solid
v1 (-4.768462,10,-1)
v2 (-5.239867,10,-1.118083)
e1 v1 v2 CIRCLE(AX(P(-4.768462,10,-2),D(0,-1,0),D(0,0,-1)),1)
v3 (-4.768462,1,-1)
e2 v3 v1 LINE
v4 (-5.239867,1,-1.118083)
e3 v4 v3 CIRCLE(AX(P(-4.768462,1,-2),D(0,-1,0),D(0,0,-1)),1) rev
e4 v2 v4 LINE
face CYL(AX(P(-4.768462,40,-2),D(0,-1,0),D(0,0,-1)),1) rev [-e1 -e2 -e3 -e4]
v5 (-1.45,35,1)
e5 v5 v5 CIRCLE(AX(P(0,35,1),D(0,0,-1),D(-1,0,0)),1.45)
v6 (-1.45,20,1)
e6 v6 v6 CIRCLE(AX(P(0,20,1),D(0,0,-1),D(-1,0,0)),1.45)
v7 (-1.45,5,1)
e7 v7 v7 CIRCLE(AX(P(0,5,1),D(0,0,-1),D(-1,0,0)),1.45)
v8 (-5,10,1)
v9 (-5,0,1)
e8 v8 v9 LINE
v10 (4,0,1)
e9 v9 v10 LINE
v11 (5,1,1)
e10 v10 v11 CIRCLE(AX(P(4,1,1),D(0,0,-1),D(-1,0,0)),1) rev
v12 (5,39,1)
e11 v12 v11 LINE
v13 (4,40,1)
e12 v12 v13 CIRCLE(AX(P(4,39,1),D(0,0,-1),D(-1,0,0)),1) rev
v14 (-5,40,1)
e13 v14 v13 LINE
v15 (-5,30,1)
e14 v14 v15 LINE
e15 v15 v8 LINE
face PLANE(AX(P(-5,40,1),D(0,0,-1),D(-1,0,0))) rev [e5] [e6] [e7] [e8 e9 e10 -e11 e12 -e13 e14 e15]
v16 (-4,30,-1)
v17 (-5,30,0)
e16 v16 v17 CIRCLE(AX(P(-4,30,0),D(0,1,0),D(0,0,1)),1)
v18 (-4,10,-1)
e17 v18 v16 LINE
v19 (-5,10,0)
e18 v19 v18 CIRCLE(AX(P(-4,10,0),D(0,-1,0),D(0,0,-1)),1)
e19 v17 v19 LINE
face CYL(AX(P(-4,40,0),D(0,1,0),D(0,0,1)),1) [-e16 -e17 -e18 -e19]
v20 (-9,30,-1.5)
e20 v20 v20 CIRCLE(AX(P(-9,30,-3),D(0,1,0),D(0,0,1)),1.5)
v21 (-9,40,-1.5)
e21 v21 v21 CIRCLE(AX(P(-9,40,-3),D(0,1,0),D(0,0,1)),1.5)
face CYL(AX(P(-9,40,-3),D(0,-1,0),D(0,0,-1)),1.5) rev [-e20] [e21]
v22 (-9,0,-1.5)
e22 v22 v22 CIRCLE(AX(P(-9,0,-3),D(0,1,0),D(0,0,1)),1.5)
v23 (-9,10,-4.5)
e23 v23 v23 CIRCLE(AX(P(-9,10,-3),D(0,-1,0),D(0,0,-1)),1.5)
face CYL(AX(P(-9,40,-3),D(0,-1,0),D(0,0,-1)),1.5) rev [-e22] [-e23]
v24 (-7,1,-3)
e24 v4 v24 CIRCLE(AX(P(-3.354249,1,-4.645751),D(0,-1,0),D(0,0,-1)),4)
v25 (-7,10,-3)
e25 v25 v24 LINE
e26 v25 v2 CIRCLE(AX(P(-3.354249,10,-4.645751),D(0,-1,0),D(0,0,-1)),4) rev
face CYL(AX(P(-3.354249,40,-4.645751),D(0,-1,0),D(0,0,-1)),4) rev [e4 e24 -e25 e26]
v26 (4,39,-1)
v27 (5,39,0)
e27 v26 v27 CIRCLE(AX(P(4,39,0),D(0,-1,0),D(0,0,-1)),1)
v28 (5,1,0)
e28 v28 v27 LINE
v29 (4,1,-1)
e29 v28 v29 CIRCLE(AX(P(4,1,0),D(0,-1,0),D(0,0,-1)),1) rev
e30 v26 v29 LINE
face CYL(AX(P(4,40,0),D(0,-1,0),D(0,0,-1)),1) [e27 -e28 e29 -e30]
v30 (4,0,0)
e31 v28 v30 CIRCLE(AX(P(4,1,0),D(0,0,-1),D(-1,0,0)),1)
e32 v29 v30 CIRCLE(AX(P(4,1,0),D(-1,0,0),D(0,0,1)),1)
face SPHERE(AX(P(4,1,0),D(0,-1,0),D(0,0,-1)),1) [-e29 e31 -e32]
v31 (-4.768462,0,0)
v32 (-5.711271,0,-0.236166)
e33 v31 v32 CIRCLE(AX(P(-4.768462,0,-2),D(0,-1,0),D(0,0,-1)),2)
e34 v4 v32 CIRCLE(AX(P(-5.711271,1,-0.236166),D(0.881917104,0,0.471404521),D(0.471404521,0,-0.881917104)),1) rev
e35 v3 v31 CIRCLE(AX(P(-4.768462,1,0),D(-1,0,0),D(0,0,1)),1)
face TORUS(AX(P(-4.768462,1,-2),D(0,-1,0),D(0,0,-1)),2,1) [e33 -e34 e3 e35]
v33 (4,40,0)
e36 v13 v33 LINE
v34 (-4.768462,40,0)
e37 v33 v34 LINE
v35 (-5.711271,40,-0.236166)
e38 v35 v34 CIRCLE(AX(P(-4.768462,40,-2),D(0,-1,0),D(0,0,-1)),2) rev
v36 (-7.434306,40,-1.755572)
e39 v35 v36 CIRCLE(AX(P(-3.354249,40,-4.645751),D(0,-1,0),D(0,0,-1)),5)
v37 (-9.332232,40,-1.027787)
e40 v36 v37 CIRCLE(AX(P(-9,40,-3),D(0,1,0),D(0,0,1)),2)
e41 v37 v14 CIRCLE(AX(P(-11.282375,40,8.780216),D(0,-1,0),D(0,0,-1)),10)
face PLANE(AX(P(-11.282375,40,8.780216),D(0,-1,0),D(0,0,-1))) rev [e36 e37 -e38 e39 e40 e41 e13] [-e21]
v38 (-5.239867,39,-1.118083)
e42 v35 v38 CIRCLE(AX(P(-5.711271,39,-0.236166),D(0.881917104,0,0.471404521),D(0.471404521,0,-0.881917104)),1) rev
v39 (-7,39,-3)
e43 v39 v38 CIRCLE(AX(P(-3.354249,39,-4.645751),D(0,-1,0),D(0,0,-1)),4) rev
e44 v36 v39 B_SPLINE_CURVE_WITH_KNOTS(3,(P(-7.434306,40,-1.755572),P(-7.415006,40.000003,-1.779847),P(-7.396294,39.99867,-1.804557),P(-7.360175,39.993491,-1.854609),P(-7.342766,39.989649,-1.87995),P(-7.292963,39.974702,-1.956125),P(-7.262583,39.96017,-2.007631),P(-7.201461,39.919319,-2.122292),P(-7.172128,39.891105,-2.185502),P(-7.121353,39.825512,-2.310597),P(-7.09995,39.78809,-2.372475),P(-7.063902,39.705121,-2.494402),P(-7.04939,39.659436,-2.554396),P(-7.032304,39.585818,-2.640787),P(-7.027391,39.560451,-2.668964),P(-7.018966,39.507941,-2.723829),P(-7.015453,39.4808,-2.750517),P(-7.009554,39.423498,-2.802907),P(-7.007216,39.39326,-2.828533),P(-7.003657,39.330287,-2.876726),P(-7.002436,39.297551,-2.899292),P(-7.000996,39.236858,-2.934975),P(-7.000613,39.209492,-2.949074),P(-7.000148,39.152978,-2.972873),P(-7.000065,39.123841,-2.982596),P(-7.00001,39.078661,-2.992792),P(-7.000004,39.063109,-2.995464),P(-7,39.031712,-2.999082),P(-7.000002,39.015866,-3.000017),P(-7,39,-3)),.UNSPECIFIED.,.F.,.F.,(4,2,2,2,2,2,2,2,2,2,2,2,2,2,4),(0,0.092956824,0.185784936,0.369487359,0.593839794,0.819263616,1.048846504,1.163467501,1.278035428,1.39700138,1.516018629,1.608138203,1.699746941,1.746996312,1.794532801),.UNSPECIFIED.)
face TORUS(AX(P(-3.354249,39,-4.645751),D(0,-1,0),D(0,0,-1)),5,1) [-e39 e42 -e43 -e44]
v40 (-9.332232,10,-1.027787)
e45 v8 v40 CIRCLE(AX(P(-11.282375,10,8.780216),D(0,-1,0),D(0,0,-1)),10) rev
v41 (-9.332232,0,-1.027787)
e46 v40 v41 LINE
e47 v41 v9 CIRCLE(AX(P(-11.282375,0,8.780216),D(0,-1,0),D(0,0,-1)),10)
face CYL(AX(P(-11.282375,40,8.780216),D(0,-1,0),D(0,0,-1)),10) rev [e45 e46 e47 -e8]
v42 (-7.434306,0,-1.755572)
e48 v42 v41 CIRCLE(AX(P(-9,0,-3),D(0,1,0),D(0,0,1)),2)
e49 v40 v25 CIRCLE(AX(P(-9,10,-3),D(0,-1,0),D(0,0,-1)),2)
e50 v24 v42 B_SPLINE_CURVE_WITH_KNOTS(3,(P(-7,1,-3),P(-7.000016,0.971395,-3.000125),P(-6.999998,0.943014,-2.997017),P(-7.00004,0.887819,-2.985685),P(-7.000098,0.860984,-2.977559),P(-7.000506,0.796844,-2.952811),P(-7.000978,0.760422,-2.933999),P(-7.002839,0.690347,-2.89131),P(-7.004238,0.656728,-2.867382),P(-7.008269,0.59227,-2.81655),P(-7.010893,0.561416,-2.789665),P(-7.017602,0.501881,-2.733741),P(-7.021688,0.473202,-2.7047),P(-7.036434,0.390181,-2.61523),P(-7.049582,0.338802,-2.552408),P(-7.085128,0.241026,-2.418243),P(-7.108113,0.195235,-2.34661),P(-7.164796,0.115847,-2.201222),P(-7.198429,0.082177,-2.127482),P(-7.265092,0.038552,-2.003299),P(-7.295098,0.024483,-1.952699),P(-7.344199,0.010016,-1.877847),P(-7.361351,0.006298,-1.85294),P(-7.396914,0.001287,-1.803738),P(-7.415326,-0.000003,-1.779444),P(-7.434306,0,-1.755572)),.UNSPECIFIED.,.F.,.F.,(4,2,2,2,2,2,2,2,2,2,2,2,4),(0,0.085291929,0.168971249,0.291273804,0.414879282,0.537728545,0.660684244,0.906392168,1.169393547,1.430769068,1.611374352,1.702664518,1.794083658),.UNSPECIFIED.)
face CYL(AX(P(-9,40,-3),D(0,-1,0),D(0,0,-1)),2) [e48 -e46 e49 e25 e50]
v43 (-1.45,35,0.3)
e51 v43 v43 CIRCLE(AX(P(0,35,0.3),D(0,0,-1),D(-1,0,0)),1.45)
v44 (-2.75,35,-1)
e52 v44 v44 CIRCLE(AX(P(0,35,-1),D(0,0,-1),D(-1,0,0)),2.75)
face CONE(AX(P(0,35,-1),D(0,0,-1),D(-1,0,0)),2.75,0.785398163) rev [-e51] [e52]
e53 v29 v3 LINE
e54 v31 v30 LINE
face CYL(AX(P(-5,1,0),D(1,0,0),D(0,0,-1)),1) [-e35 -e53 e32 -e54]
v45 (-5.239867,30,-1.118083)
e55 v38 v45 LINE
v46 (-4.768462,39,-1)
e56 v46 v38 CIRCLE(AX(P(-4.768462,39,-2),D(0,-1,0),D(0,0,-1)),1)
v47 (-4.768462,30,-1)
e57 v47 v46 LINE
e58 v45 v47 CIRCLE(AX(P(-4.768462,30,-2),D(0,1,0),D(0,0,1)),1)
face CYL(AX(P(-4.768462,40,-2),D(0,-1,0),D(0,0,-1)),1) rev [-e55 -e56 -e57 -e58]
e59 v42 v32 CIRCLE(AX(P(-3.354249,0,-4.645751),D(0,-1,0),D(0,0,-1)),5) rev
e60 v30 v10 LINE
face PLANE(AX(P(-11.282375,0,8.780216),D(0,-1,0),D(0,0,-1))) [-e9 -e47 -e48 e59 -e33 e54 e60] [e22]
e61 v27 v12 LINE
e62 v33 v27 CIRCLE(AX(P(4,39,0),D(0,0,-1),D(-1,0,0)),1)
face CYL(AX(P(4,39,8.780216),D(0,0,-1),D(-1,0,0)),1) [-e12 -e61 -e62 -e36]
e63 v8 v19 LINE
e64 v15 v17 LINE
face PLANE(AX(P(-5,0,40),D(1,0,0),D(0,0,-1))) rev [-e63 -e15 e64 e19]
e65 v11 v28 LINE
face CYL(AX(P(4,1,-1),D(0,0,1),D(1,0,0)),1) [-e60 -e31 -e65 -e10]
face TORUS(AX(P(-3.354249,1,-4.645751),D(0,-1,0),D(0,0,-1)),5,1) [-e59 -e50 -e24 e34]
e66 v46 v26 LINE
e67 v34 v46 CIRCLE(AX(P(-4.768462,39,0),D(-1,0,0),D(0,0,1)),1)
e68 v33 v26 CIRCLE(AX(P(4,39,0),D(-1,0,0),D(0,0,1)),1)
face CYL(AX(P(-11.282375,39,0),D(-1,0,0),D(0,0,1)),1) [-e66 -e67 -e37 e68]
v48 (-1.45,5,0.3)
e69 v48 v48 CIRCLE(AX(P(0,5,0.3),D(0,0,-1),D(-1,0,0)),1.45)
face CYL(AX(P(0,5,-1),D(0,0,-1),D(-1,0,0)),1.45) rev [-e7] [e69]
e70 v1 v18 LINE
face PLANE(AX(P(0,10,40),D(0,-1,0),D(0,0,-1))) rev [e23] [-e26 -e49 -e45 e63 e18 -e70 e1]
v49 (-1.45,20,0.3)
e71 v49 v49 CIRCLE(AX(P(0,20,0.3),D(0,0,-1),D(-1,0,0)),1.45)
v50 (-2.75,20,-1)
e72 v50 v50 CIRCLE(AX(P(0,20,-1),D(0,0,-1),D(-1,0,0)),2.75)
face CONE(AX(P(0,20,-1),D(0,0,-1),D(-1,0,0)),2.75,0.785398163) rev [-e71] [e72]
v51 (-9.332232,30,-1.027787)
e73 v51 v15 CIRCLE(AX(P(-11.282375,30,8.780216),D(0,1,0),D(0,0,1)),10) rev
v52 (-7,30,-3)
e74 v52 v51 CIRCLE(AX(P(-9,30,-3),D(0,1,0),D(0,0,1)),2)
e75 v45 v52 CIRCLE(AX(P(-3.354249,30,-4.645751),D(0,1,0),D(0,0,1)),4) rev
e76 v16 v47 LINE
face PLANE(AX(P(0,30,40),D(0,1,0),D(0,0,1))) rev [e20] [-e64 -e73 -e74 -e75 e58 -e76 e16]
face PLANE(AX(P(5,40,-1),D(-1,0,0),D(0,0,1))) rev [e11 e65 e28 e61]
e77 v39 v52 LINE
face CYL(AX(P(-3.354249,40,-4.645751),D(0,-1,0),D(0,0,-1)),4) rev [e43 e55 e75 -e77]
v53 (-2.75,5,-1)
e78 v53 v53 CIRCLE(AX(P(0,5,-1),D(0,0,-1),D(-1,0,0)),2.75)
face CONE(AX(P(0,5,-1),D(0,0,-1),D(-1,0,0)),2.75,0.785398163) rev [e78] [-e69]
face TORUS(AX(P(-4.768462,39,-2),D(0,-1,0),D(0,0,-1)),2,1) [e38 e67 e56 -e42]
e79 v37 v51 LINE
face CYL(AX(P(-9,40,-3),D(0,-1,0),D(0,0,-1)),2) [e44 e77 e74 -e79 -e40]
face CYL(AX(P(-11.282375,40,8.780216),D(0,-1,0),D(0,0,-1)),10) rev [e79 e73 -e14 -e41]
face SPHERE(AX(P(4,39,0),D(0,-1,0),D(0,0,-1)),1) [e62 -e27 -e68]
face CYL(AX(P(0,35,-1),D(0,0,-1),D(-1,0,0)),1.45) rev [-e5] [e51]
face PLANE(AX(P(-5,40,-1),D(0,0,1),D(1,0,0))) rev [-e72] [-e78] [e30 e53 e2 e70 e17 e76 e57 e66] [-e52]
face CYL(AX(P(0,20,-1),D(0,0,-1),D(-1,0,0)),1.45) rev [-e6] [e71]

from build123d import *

# Parameters (mm, degrees)
SKETCH3_R                                    = 1.5
BOSS_EXTRUDE2_DEPTH                          = 40
SKETCH4_W                                    = 6
SKETCH4_H                                    = 20
CUT_EXTRUDE1_DEPTH                           = 40
CUT_EXTRUDE1_DEPTH_BACK                      = 200
FILLET1_R                                    = 1
FILLET2_R                                    = 1
CSK_FOR_M2_5_COUNTERSUNK_FLAT_HEAD_S_2_COUNT = 2
CSK_FOR_M2_5_COUNTERSUNK_FLAT_HEAD_S_2_PITCH = 15
CSK_FOR_M2_5_COUNTERSUNK_FLAT_HEAD_S_3_COUNT = 2
CSK_FOR_M2_5_COUNTERSUNK_FLAT_HEAD_S_3_PITCH = 30


with BuildPart() as part:
    # Sketch3 → Boss-Extrude2 (new body)
    with BuildSketch(Plane(origin=(0, 0, 0), x_dir=(1, 0, 0), z_dir=(0, 1, 0))):
        with BuildLine():
            Line((-5, 1), (5, 1))
            Line((5, 1), (5, -1))
            Line((5, -1), (-5, -1))
            ThreePointArc((-5, -1), (-7.043086083, 0.276738431), (-9.332231573, 1.027787491))
            ThreePointArc((-9.332231573, 1.027787491), (-10.291421088, 4.527164553), (-7, 3))
            ThreePointArc((-7, 3), (-6.182675814, 1.817324186), (-5, 1))
        make_face()
        with Locations((-9, 3)):
            Circle(SKETCH3_R, mode=Mode.SUBTRACT)
    extrude(amount=BOSS_EXTRUDE2_DEPTH)

    # Sketch4 → Cut-Extrude1 (cut, two sides)
    with BuildSketch(Plane.XY) as cut_extrude1_sk:
        with Locations((-8, 20)):
            Rectangle(SKETCH4_W, SKETCH4_H)
    extrude(amount=CUT_EXTRUDE1_DEPTH, mode=Mode.SUBTRACT)
    extrude(cut_extrude1_sk.sketch, amount=-CUT_EXTRUDE1_DEPTH_BACK, mode=Mode.SUBTRACT)

    # Fillet1
    fillet1_edges = [part.edges().sort_by_distance(p)[0] for p in [
        (5, 20, -1),
        (-5, 20, -1),
    ]]
    fillet(fillet1_edges, radius=FILLET1_R)

    # Fillet2
    fillet2_edges = [part.edges().sort_by_distance(p)[0] for p in [
        (-6.182675814, 40, -1.817324186),
        (-5, 35, -1),
        (-5, 5, -1),
        (5, 40, 0.5),
        (-0.5, 0, -1),
        (-0.5, 40, -1),
        (4.707106781, 0, -0.707106781),
        (4.707106781, 40, -0.707106781),
        (-6.182675814, 0, -1.817324186),
        (5, 0, 0.5),
    ]]
    fillet(fillet2_edges, radius=FILLET2_R)

    # Sketch6 → CSK for M2.5 Countersunk Flat Head Screw1 (revolve, cut)
    with BuildSketch(Plane(origin=(0, 35, -1), x_dir=(0, 1, 0), z_dir=(1, 0, 0))):
        Polygon((0, 0), (0, 2), (1.45, 2), (1.45, 1.3), (2.75, 0), align=None)
    csk_for_m2_5_countersunk_flat_head_screw = revolve(axis=Axis((0, 35, -7.35), (0, 0, 1)), mode=Mode.SUBTRACT)

    # CSK for M2.5 Countersunk Flat Head S 2: CSK for M2.5 Countersunk Flat Head Screw1 ×2
    with Locations(*[(0, -i * CSK_FOR_M2_5_COUNTERSUNK_FLAT_HEAD_S_2_PITCH, 0) for i in range(1, CSK_FOR_M2_5_COUNTERSUNK_FLAT_HEAD_S_2_COUNT)]):
        add(csk_for_m2_5_countersunk_flat_head_screw, mode=Mode.SUBTRACT)

    # CSK for M2.5 Countersunk Flat Head S 3: CSK for M2.5 Countersunk Flat Head Screw1 ×2
    with Locations(*[(0, -i * CSK_FOR_M2_5_COUNTERSUNK_FLAT_HEAD_S_3_PITCH, 0) for i in range(1, CSK_FOR_M2_5_COUNTERSUNK_FLAT_HEAD_S_3_COUNT)]):
        add(csk_for_m2_5_countersunk_flat_head_screw, mode=Mode.SUBTRACT)


solid = part.part
